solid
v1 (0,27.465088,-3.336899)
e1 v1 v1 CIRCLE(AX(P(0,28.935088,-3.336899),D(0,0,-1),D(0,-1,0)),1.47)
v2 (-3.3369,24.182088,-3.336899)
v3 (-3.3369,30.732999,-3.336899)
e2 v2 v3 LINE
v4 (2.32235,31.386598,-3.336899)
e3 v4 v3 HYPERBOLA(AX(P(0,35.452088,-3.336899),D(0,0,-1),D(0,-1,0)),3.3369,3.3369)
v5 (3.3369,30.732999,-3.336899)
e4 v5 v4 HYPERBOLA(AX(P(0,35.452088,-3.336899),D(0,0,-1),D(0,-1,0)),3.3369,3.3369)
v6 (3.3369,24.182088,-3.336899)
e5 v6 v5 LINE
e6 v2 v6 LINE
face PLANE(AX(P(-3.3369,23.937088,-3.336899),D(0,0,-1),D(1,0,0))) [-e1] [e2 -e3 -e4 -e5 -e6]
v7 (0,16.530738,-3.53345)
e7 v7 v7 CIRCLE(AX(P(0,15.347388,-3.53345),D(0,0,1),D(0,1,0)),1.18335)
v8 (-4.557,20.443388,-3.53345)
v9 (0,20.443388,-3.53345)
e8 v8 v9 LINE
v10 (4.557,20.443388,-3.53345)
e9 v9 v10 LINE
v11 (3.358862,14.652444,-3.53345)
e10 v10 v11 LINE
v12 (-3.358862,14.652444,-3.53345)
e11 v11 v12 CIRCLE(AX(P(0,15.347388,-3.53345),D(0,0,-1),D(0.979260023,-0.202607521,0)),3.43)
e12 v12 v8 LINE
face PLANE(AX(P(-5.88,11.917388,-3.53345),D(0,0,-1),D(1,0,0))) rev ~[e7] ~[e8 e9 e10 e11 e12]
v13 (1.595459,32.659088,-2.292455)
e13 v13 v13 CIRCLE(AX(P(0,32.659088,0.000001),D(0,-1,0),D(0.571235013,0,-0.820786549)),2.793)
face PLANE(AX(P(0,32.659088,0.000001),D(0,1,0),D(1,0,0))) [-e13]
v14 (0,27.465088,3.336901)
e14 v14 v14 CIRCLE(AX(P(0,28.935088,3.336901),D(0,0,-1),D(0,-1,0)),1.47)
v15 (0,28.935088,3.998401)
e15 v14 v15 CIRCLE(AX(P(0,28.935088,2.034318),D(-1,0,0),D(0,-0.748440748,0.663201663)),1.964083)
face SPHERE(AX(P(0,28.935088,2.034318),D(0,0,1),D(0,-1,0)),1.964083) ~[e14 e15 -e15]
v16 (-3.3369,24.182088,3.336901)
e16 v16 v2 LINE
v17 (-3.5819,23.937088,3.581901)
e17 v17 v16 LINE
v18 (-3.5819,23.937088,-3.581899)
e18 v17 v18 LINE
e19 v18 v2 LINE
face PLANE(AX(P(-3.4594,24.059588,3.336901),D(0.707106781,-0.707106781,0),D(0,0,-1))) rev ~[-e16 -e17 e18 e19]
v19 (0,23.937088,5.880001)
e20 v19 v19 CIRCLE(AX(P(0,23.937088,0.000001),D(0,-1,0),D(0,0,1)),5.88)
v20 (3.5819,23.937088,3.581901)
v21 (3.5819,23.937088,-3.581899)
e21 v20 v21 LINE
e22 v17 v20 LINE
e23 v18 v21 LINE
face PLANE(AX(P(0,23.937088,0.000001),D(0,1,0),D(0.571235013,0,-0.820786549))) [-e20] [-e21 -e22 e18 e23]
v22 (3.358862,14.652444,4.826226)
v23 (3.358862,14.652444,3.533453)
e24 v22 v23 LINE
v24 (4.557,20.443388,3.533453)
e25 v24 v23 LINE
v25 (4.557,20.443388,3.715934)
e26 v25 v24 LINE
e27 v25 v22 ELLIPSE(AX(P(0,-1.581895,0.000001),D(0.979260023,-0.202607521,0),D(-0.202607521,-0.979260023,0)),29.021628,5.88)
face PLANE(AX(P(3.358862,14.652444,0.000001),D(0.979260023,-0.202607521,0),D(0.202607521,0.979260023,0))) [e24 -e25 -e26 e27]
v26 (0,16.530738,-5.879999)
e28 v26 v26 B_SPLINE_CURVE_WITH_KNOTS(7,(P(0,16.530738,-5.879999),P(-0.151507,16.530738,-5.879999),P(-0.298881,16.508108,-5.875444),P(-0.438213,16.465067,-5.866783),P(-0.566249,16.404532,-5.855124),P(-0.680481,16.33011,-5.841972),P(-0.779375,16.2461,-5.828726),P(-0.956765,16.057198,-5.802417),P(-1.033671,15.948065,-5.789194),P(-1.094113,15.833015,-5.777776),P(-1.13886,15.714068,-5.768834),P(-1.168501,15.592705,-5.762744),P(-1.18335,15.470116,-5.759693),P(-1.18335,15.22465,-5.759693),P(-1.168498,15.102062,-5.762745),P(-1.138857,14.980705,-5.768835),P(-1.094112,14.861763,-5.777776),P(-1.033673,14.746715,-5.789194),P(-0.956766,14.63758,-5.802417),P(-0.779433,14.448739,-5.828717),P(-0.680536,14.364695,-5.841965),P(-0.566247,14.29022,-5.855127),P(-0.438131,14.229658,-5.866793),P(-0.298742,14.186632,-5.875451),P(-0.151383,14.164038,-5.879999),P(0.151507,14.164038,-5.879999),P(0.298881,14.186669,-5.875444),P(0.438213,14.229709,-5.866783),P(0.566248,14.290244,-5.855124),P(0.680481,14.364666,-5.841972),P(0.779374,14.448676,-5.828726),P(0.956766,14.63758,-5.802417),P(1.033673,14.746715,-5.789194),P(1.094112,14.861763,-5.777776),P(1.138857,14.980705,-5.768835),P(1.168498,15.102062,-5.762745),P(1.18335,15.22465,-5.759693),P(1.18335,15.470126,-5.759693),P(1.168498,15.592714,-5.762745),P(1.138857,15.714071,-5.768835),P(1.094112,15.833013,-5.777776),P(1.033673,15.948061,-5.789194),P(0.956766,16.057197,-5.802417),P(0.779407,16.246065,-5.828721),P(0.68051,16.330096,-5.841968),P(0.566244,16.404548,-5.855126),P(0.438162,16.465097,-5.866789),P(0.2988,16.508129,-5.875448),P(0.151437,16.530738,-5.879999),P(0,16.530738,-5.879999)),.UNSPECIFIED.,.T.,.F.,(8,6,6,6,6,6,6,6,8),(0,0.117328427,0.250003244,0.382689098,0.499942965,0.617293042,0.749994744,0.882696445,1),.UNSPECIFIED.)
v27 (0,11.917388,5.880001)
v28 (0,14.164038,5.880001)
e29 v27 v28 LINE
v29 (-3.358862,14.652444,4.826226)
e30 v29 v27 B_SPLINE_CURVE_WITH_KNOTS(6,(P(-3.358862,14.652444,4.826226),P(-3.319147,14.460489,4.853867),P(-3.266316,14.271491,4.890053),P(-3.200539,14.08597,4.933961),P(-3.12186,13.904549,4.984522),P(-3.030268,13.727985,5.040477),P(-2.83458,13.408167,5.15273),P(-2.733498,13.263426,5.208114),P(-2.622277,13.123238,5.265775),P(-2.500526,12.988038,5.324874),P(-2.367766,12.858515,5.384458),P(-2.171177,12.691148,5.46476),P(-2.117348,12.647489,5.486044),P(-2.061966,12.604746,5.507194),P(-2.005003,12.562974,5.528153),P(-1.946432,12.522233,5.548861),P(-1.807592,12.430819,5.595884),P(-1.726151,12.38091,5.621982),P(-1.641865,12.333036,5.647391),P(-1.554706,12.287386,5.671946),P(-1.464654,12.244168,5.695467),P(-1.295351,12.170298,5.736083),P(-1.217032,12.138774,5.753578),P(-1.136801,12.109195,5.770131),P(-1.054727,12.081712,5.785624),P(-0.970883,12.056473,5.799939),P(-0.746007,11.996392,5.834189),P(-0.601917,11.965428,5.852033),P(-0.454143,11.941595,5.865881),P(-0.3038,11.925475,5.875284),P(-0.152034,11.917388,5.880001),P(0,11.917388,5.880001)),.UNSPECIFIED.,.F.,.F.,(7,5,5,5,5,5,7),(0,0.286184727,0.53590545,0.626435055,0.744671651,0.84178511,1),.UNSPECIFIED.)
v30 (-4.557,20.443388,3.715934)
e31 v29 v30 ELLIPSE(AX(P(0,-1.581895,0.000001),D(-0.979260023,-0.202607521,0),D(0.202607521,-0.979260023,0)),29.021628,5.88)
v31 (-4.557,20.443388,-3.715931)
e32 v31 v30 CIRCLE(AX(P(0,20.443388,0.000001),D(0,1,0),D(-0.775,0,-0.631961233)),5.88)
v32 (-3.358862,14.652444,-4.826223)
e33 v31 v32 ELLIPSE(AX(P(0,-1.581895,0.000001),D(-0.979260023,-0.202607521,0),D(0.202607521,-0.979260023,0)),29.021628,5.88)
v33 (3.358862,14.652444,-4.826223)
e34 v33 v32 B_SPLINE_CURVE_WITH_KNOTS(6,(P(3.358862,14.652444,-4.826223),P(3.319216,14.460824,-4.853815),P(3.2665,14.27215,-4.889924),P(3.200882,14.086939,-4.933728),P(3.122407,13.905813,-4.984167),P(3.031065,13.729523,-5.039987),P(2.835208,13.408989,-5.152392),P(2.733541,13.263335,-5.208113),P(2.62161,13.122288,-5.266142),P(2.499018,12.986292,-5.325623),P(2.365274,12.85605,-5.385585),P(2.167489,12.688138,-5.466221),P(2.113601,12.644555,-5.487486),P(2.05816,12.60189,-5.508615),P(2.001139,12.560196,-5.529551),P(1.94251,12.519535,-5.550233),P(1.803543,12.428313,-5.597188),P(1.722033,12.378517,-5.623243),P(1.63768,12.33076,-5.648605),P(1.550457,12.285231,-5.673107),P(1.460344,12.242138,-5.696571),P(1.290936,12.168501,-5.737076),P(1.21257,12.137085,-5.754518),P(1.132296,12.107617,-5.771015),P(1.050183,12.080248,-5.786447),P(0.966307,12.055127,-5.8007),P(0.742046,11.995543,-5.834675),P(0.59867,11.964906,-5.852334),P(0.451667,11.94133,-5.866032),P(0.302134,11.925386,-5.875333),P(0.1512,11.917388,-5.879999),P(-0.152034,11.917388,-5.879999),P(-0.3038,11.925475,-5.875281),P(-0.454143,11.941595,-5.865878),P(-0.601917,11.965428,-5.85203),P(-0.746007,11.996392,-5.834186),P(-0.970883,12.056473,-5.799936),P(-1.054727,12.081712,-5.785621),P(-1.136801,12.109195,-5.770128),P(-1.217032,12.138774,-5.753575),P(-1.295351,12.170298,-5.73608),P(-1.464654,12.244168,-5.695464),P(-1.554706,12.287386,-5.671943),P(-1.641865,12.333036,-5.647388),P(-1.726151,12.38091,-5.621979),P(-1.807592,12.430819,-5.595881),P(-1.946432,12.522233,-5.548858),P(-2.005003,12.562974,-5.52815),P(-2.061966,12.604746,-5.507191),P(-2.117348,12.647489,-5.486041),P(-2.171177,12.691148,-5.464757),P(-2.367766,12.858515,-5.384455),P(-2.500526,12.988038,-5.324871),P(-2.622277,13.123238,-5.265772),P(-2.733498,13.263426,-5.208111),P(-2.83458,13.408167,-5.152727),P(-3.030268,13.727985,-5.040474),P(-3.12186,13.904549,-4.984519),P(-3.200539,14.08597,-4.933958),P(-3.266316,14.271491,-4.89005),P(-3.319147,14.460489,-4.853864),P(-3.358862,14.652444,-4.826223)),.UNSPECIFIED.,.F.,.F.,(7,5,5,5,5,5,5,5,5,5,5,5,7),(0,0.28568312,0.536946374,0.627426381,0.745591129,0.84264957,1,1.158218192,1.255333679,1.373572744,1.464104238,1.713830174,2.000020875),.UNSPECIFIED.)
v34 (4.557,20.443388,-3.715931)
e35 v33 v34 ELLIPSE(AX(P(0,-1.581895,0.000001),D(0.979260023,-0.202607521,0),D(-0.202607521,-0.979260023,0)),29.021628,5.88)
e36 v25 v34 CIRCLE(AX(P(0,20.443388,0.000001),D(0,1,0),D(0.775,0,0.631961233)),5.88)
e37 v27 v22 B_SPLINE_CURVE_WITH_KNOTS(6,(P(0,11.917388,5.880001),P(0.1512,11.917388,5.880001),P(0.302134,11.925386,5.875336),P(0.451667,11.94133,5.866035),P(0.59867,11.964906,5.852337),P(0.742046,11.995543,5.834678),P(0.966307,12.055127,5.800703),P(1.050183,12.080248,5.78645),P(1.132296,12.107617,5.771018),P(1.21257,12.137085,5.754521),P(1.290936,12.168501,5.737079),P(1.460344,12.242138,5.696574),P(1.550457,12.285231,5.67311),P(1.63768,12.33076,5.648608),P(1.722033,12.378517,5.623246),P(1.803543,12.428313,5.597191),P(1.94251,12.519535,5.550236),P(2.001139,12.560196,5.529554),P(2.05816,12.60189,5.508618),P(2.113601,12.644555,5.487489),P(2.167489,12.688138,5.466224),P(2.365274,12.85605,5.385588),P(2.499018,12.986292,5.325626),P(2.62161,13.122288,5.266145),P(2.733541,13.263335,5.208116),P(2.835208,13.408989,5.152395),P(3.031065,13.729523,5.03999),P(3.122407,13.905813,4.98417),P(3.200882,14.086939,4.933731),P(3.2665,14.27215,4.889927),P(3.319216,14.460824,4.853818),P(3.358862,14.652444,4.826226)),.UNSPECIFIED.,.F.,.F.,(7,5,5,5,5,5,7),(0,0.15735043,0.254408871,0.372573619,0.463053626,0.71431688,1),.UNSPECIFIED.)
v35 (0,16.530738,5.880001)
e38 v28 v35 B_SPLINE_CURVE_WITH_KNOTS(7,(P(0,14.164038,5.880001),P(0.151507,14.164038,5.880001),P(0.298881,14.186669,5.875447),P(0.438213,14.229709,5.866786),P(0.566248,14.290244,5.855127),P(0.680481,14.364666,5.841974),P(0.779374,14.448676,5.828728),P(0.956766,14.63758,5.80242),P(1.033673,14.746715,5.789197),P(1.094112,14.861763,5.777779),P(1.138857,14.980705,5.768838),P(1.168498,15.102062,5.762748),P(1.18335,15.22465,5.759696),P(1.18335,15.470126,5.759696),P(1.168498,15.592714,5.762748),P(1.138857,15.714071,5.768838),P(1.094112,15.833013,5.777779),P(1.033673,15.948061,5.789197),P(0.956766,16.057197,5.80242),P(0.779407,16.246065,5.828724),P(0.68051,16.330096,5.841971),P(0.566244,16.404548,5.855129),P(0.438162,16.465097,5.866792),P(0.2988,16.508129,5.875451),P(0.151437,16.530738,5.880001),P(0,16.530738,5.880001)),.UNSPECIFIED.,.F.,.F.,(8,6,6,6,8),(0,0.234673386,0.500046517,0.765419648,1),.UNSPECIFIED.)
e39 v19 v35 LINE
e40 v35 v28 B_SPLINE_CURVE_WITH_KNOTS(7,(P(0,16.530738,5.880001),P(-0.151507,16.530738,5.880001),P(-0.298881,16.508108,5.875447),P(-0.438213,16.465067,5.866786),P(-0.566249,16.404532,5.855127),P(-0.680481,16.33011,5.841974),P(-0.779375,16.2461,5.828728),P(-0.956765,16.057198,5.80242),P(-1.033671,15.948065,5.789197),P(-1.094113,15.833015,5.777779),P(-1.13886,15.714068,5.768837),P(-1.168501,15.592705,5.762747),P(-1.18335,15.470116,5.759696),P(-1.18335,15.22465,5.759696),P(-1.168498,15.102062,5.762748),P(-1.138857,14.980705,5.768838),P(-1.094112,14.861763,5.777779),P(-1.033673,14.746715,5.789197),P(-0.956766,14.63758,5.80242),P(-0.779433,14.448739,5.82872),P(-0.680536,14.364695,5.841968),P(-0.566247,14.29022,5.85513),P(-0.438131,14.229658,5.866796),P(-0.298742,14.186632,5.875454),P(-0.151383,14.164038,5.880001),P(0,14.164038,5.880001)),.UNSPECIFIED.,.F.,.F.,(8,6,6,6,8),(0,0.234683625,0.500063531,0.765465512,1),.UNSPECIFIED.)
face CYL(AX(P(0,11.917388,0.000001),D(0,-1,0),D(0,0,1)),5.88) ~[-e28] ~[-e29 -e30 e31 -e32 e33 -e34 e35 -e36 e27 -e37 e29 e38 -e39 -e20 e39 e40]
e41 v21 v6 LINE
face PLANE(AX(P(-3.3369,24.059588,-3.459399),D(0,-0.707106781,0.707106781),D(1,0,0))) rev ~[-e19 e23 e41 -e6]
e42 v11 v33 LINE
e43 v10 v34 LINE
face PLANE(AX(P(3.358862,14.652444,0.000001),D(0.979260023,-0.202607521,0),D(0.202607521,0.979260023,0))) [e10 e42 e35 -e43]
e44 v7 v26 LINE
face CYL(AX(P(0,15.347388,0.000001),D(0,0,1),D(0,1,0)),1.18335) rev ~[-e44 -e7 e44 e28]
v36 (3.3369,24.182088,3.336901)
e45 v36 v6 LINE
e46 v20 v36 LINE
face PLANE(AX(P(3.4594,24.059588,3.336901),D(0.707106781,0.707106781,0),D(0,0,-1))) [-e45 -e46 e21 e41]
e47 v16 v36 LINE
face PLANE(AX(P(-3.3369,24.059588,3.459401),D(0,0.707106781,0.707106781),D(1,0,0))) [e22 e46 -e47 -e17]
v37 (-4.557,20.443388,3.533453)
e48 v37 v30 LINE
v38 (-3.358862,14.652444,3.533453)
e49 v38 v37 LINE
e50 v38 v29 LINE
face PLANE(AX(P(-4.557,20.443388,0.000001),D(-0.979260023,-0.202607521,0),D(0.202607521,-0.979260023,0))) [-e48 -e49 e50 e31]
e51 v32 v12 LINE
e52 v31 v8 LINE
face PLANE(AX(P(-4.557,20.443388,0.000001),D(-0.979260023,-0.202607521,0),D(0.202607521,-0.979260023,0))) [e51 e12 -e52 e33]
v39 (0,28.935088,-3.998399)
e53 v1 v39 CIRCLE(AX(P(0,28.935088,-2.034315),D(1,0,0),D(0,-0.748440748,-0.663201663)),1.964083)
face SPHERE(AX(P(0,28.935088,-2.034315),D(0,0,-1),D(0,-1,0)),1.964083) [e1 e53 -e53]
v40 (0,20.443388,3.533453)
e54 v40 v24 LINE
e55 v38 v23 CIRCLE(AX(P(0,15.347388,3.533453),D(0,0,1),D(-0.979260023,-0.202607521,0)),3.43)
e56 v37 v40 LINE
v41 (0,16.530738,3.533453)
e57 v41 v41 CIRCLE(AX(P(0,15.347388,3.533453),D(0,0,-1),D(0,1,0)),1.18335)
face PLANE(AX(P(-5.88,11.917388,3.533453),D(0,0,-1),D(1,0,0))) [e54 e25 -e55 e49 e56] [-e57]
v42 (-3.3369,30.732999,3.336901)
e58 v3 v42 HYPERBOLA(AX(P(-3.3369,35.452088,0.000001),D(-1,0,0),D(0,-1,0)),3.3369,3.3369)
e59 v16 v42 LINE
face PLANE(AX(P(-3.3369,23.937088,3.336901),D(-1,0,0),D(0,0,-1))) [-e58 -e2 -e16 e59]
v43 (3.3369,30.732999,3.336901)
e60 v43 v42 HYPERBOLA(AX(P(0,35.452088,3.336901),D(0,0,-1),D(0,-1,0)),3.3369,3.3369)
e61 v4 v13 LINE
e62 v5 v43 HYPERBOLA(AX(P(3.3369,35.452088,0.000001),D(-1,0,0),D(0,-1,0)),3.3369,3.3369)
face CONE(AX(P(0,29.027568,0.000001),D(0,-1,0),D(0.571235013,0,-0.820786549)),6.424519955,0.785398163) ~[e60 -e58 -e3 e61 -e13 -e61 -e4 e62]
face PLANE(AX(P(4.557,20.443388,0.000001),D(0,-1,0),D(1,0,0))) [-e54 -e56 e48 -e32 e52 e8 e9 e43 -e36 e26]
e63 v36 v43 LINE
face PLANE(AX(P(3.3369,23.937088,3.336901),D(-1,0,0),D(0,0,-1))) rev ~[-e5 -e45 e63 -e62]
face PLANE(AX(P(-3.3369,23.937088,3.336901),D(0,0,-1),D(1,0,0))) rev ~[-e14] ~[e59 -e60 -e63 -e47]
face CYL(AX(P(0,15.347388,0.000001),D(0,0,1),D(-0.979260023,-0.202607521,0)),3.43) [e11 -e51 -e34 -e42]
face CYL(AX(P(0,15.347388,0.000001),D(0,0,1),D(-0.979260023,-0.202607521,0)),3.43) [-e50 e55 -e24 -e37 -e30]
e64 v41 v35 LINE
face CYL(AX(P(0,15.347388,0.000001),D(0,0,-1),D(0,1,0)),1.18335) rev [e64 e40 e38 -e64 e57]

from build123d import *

# Parameters (mm, degrees)
SKETCH1_R           = 12
BOSS_EXTRUDE1_DEPTH = 33.53
CUT_EXTRUDE1_DEPTH  = 19.6
CHAMFER1_SIZE       = 0.4
SKETCH3_R           = 9.375
CUT_EXTRUDE2_DEPTH  = 3.4
CUT_EXTRUDE2_DRAFT  = -35
SKETCH4_W           = 24
SKETCH4_H           = 14.42225279
CUT_EXTRUDE3_DEPTH  = 17.4
SKETCH5_R           = 2.415
CUT_EXTRUDE4_DEPTH  = 33.7
CUT_EXTRUDE5_START  = -9
SKETCH6_R           = 12
CUT_EXTRUDE5_DEPTH  = 9
BOSS_EXTRUDE2_START = -7.13
SKETCH7_R           = 12
BOSS_EXTRUDE2_DEPTH = 7.13
SKETCH8_W           = 13.62
SKETCH8_H           = 13.62
BOSS_EXTRUDE3_DEPTH = 17.8
CHAMFER2_SIZE       = 0.5
SCALE1_SCALE        = 0.49


with BuildPart() as part:
    # Sketch1 → Boss-Extrude1 (new body)
    with BuildSketch(Plane(origin=(0, 0, 0), x_dir=(1, 0, 0), z_dir=(0, 1, 0))):
        with Locations(Location((0, 0, 0), (0, 0, 270))):
            Circle(SKETCH1_R)
    extrude(amount=BOSS_EXTRUDE1_DEPTH)

    # Sketch2 → Cut-Extrude1 (cut)
    with BuildSketch(Plane(origin=(0, 33.53, 0), x_dir=(1, 0, 0), z_dir=(0, 1, 0))):
        with BuildLine():
            Line((-6.5, 6.5), (-2.5, 6.5))
            ThreePointArc((-2.5, 6.5), (0, 7.211126395), (2.5, 6.5))
            Line((2.5, 6.5), (6.5, 6.5))
            Line((6.5, 6.5), (6.5, 2.5))
            ThreePointArc((6.5, 2.5), (7.211126395, 0), (6.5, -2.5))
            Line((6.5, -2.5), (6.5, -6.5))
            Line((6.5, -6.5), (2.5, -6.5))
            ThreePointArc((2.5, -6.5), (0, -7.211126395), (-2.5, -6.5))
            Line((-2.5, -6.5), (-6.5, -6.5))
            Line((-6.5, -6.5), (-6.5, -2.5))
            ThreePointArc((-6.5, -2.5), (-7.211126395, 0), (-6.5, 2.5))
            Line((-6.5, 2.5), (-6.5, 6.5))
        make_face()
    extrude(amount=-CUT_EXTRUDE1_DEPTH, mode=Mode.SUBTRACT)

    # Chamfer1
    chamfer1_edges = [part.edges().sort_by_distance(p)[0] for p in [
        (-6.5, 23.73, -6.5),
        (6.5, 23.73, -6.5),
        (6.5, 23.73, 6.5),
        (-6.5, 23.73, 6.5),
    ]]
    chamfer(chamfer1_edges, length=CHAMFER1_SIZE)


with BuildPart() as cut_extrude2_tool:
    # Sketch3 → Cut-Extrude2 (with draft: the straight prism first)
    with BuildSketch(Plane(origin=(0, 33.53, 0), x_dir=(1, 0, 0), z_dir=(0, 1, 0))):
        Circle(SKETCH3_R)
    extrude(amount=-CUT_EXTRUDE2_DEPTH)
    # Cut-Extrude2: the draft: its side faces are tilted about the plane it starts from
    cut_extrude2_sides = [cut_extrude2_tool.faces().sort_by_distance(p)[0] for p in [
        (-9.375, 31.83, 0),
    ]]
    draft(cut_extrude2_sides, Plane(origin=(0, 33.53, 0), x_dir=(1, 0, 0), z_dir=(0, 1, 0)), CUT_EXTRUDE2_DRAFT)


with BuildPart() as part_1:
    add(part.part)

    # Cut-Extrude2: cut by cut_extrude2_tool
    add(cut_extrude2_tool.part, mode=Mode.SUBTRACT)

    # Sketch4 → Cut-Extrude3 (cut)
    with BuildSketch(Plane.XZ):
        Rectangle(SKETCH4_W, SKETCH4_H)
    extrude(amount=-CUT_EXTRUDE3_DEPTH, mode=Mode.SUBTRACT)

    # Sketch5 → Cut-Extrude4 (cut, symmetric)
    with BuildSketch(Plane.XY):
        with Locations(Location((0, 7, 0), (0, 0, 90))):
            Circle(SKETCH5_R)
        with BuildLine():
            ThreePointArc((-6.854820161, 5.581747356), (0, 0), (6.854820161, 5.581747356))
            Line((6.854820161, 5.581747356), (9.3, 17.4))
            Line((9.3, 17.4), (12, 17.4))
            Line((12, 17.4), (12, -3.192277431))
            Line((12, -3.192277431), (-12, -3.192277431))
            Line((-12, -3.192277431), (-12, 17.4))
            Line((-12, 17.4), (-9.3, 17.4))
            Line((-9.3, 17.4), (-6.854820161, 5.581747356))
        make_face()
    extrude(amount=CUT_EXTRUDE4_DEPTH, both=True, mode=Mode.SUBTRACT)

    # Sketch6 → Cut-Extrude5 (cut)
    with BuildSketch(Plane(origin=(0, 33.53, 0), x_dir=(1, 0, 0), z_dir=(0, 1, 0)).offset(CUT_EXTRUDE5_START)):
        with Locations(Location((0, 0, 0), (0, 0, 55.16360803))):
            Circle(SKETCH6_R)
    extrude(amount=CUT_EXTRUDE5_DEPTH, mode=Mode.SUBTRACT)

    # Sketch7 → Boss-Extrude2 (add)
    with BuildSketch(Plane(origin=(0, 24.53, 0), x_dir=(1, 0, 0), z_dir=(0, 1, 0)).offset(BOSS_EXTRUDE2_START)):
        with Locations(Location((0, 0, 0), (0, 0, 55.16360803))):
            Circle(SKETCH7_R)
    extrude(amount=BOSS_EXTRUDE2_DEPTH)

    # Sketch8 → Boss-Extrude3 (add)
    with BuildSketch(Plane(origin=(0, 24.53, 0), x_dir=(1, 0, 0), z_dir=(0, 1, 0))):
        Rectangle(SKETCH8_W, SKETCH8_H)
    extrude(amount=BOSS_EXTRUDE3_DEPTH)

    # Sketch9 → Cut-Revolve1 (revolve, cut)
    with BuildSketch(Plane.XY, mode=Mode.PRIVATE) as cut_revolve1_sk:
        Polygon((5.7, 42.33), (13.111265215, 42.33), (13.111265215, 34.918734785), align=None)
    revolve(cut_revolve1_sk.sketch.rotate(Axis((0, 44.4465, 0), (0, -1, 0)), 304.83639197), axis=Axis((0, 44.4465, 0), (0, -1, 0)), mode=Mode.SUBTRACT)

    # Chamfer2
    chamfer2_edges = [part_1.edges().sort_by_distance(p)[0] for p in [
        (6.81, 24.53, 0),
        (0, 24.53, -6.81),
        (-6.81, 24.53, 0),
        (0, 24.53, 6.81),
    ]]
    chamfer(chamfer2_edges, length=CHAMFER2_SIZE)

    # Sketch10 → Revolve1 (revolve)
    with BuildSketch(Plane(origin=(0, 0, 0), x_dir=(0, 0, -1), z_dir=(1, 0, 0))):
        with BuildLine():
            Line((6.81, 34.73), (6.81, 31.73))
            ThreePointArc((6.81, 31.73), (7.806952033, 33.085121585), (8.16, 34.73))
            Line((8.16, 34.73), (6.81, 34.73))
        make_face()
    revolve1 = revolve(axis=Axis((0, 34.73, -6.81), (0, 0, -1)))

    # Mirror1: Revolve1 across plane
    add(revolve1.mirror(Plane.XY))


with BuildPart() as part_2:
    # Scale1: scaled about (-1.67e-07, 23.367427714, 2.93e-06)
    add(part_1.part.scale(SCALE1_SCALE).moved(Location((-8.5e-08, 11.917388134, 1.494e-06))))


solid = part_2.part
